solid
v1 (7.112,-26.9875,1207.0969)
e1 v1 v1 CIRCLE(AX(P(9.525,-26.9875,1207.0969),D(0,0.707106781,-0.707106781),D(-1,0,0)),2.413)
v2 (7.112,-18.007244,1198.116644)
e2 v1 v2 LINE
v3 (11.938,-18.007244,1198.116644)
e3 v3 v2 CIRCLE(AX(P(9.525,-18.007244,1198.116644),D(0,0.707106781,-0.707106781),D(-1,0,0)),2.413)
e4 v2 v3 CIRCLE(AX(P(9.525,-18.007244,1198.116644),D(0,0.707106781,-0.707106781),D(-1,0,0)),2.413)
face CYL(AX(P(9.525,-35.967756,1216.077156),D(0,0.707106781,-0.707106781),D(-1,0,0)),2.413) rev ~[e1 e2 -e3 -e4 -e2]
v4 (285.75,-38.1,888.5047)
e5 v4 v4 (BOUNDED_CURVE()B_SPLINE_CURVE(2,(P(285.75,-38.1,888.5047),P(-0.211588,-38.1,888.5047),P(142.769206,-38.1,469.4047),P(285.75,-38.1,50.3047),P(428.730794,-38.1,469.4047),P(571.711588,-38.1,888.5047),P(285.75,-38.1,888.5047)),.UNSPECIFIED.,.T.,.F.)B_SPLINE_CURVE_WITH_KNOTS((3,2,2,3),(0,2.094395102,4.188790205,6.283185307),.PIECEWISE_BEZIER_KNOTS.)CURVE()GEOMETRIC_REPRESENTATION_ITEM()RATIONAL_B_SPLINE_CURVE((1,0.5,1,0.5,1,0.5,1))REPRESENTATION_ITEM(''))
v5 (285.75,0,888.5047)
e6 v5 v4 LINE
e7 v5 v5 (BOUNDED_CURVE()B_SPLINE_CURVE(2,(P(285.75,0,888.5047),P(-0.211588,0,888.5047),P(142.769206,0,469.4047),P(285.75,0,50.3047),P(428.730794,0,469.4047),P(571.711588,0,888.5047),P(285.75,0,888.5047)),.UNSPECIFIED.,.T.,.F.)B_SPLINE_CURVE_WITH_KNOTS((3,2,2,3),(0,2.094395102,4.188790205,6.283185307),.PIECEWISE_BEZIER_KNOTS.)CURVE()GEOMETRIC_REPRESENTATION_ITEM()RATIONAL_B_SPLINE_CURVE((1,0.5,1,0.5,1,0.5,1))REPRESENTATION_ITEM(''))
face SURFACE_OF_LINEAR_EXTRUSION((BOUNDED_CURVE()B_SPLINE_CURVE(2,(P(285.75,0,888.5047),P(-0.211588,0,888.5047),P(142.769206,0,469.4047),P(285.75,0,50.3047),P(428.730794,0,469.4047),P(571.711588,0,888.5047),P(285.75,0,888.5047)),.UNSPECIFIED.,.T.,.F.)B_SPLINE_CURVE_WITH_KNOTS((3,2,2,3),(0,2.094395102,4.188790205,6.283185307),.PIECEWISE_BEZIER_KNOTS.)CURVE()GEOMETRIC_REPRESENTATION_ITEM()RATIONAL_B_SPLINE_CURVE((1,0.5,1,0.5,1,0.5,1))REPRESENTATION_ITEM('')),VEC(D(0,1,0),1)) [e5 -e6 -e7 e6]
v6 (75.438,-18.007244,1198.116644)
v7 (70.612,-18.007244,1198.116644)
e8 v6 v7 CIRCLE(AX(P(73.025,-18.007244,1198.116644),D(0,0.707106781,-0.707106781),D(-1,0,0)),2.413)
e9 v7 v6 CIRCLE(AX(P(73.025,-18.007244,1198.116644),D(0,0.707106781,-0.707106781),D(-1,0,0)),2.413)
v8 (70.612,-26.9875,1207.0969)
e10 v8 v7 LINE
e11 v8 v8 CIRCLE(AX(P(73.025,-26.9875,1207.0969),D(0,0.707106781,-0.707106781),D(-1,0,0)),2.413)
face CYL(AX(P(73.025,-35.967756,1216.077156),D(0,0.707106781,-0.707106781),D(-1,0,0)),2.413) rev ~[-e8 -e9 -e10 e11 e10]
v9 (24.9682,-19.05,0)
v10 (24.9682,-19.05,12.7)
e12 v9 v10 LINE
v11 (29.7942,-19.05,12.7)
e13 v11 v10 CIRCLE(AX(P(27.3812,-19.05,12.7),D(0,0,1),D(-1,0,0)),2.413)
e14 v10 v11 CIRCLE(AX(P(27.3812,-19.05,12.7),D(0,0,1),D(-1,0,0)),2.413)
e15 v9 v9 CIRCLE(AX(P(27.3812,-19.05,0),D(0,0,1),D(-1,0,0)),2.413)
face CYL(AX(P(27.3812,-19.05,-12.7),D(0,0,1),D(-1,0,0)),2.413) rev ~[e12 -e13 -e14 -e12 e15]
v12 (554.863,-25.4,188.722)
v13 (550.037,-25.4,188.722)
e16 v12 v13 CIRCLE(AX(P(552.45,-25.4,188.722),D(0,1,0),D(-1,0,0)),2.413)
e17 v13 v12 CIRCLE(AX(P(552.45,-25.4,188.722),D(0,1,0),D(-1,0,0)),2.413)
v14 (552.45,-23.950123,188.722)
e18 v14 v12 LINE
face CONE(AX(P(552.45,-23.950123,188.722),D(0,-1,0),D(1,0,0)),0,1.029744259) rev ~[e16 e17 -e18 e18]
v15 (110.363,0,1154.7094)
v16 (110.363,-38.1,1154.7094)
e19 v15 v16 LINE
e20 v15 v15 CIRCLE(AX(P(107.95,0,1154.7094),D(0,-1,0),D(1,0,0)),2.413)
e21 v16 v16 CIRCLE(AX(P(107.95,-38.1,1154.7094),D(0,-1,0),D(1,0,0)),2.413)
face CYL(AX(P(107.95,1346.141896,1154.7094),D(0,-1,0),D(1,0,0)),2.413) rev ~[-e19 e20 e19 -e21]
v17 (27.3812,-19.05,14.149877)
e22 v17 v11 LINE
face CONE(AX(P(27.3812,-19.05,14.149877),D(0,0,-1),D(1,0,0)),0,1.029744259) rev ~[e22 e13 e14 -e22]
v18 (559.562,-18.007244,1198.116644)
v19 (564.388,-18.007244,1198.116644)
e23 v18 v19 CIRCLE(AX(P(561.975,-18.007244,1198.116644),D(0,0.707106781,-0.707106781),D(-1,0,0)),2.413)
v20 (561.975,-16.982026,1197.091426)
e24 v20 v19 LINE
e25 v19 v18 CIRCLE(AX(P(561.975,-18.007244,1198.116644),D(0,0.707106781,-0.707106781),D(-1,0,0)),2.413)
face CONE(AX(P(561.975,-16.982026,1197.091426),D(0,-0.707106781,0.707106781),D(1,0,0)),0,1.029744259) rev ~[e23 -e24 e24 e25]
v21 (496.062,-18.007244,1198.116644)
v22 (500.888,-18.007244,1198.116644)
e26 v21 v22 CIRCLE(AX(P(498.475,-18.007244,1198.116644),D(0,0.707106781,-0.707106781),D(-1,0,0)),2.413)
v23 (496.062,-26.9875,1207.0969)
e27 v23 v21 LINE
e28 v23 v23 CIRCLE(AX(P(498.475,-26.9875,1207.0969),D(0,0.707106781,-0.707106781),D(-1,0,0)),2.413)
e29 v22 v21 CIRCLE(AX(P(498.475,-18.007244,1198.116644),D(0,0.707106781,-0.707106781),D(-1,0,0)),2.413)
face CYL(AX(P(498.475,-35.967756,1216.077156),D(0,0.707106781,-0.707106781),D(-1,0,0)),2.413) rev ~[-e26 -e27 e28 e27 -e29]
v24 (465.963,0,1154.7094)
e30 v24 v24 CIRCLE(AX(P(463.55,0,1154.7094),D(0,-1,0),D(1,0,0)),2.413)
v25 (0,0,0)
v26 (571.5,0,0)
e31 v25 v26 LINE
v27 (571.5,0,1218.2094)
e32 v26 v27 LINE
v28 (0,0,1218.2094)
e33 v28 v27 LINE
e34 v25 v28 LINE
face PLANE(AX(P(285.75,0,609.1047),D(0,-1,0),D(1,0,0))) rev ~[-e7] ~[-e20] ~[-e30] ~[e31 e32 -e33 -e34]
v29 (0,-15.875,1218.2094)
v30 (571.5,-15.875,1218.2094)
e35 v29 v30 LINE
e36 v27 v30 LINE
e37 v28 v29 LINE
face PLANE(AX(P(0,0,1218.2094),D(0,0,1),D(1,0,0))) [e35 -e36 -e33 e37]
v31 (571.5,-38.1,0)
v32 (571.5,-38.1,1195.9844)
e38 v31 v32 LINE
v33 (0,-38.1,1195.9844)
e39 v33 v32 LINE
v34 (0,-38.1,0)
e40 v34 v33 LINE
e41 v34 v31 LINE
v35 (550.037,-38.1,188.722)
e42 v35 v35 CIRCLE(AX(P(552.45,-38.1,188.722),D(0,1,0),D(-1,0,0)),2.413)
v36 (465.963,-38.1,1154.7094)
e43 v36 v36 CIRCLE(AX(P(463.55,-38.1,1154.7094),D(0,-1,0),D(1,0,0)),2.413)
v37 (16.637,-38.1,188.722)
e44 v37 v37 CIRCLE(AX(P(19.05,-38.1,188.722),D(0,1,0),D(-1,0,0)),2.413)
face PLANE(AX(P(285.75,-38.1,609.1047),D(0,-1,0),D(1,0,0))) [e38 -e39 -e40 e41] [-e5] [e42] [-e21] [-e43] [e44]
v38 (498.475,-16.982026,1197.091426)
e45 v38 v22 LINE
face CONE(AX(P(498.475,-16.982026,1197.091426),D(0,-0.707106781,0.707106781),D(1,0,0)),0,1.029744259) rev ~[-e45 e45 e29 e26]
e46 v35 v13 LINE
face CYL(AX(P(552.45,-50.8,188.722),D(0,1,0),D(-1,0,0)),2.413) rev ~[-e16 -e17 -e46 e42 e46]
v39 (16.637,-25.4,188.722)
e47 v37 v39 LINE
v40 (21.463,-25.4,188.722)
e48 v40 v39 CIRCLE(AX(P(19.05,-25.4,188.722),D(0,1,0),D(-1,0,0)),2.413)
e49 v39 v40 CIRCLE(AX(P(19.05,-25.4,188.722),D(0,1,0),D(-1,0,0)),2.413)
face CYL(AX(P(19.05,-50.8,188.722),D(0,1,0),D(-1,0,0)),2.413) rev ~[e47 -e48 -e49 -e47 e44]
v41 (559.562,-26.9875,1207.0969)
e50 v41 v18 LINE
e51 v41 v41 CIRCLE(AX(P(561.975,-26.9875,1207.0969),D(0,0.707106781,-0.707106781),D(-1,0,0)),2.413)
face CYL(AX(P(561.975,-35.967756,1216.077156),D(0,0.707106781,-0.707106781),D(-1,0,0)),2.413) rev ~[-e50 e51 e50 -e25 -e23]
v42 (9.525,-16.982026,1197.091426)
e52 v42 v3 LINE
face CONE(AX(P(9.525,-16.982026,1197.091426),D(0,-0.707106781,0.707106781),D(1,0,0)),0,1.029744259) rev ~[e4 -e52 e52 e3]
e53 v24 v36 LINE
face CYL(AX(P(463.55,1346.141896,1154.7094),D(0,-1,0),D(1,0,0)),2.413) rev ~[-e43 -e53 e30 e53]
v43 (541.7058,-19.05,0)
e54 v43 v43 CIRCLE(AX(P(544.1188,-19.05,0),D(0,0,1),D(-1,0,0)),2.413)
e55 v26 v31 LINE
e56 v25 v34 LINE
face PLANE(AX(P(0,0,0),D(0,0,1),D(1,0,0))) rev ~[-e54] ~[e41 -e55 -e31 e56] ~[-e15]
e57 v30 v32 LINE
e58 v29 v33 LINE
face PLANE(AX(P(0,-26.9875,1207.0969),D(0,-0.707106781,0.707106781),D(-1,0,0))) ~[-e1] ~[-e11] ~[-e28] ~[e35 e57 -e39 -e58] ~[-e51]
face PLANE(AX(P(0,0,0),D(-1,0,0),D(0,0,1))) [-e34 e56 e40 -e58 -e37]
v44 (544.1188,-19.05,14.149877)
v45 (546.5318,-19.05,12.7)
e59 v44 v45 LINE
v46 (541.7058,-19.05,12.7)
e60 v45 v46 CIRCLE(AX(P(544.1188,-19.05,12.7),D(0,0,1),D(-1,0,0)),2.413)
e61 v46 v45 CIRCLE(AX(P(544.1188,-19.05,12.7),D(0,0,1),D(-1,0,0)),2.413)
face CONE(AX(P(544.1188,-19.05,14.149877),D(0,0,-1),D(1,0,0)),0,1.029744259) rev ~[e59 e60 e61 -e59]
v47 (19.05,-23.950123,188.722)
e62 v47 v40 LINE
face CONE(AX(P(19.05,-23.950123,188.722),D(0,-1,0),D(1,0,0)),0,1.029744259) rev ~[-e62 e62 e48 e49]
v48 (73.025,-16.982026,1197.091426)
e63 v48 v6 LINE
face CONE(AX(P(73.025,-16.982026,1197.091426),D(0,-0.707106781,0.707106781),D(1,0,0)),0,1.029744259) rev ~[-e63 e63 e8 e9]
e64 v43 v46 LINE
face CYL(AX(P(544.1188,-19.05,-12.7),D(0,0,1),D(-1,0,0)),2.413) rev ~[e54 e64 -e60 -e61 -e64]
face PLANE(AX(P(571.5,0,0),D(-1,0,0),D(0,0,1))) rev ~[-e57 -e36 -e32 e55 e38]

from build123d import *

# Parameters (mm, degrees)
F0_W           = 571.5
F0_H           = 1218.2094
F1_DEPTH       = 38.1
F2_SIZE2       = 22.225
F2_SIZE        = 22.225
F4_D           = 4.826
F7_D           = 4.826
F7_DEPTH       = 12.7
F7_TIP         = 1.4498766737
F7_ON_F6_D     = 4.826
F7_ON_F6_DEPTH = 12.7
F7_ON_F6_TIP   = 1.4498766737
F9_D           = 4.826
F9_DEPTH       = 12.7
F9_TIP         = 1.4498766737


with BuildPart() as f1:
    # F0 (on Front) → F1 (new body)
    with BuildSketch(Plane.XZ):
        with Locations((285.75, 609.1047)):
            Rectangle(F0_W, F0_H)
        with BuildLine():
            add(Edge.make_bspline(
                [(285.75, 888.5047), (-0.2115883296, 888.5047), (142.7692058352, 469.4047), (285.75, 50.3047), (428.7307941648, 469.4047), (571.7115883296, 888.5047), (285.75, 888.5047)],
                knots=[0, 0, 0, 2.0943951024, 2.0943951024, 4.1887902048, 4.1887902048, 6.2831853072, 6.2831853072, 6.2831853072], degree=2, weights=[1, 0.5, 1, 0.5, 1, 0.5, 1]))
        make_face(mode=Mode.SUBTRACT)
    extrude(amount=F1_DEPTH)

    # F2
    f2_edges = [f1.edges().sort_by_distance(p)[0] for p in [
        (285.75, -38.1, 1218.2094),
    ]]
    chamfer(f2_edges, length=F2_SIZE, length2=F2_SIZE2)

    # F4 (through all)
    with Locations(Plane(origin=(0, 0, 0), x_dir=(-1, 0, 0), z_dir=(0, 1, 0))):
        with Locations((-463.55, 1154.7094), (-107.95, 1154.7094)):
            Hole(F4_D / 2)

    # F7
    with Locations(Plane(origin=(0, -617.0422, 617.0422), x_dir=(1, 0, 0), z_dir=(0, -0.7071067812, 0.7071067812))):
        with Locations((9.525, 834.463359282), (73.025, 834.463359282), (498.475, 834.463359282), (561.975, 834.463359282)):
            Hole(F7_D / 2, depth=F7_DEPTH)
            with Locations((0, 0, -(F7_DEPTH + F7_TIP / 2))):  # 118° drill point
                Cone(0, F7_D / 2, F7_TIP, mode=Mode.SUBTRACT)

    # F7 on F6
    with Locations(Plane.XZ.offset(38.1)):
        with Locations((19.05, 188.722), (552.45, 188.722)):
            Hole(F7_ON_F6_D / 2, depth=F7_ON_F6_DEPTH)
            with Locations((0, 0, -(F7_ON_F6_DEPTH + F7_ON_F6_TIP / 2))):  # 118° drill point
                Cone(0, F7_ON_F6_D / 2, F7_ON_F6_TIP, mode=Mode.SUBTRACT)

    # F9
    with Locations(Plane(origin=(0, 0, 0), x_dir=(1, 0, 0), z_dir=(0, 0, -1))):
        with Locations((27.3812, 19.05), (544.1188, 19.05)):
            Hole(F9_D / 2, depth=F9_DEPTH)
            with Locations((0, 0, -(F9_DEPTH + F9_TIP / 2))):  # 118° drill point
                Cone(0, F9_D / 2, F9_TIP, mode=Mode.SUBTRACT)


solid = f1.part
